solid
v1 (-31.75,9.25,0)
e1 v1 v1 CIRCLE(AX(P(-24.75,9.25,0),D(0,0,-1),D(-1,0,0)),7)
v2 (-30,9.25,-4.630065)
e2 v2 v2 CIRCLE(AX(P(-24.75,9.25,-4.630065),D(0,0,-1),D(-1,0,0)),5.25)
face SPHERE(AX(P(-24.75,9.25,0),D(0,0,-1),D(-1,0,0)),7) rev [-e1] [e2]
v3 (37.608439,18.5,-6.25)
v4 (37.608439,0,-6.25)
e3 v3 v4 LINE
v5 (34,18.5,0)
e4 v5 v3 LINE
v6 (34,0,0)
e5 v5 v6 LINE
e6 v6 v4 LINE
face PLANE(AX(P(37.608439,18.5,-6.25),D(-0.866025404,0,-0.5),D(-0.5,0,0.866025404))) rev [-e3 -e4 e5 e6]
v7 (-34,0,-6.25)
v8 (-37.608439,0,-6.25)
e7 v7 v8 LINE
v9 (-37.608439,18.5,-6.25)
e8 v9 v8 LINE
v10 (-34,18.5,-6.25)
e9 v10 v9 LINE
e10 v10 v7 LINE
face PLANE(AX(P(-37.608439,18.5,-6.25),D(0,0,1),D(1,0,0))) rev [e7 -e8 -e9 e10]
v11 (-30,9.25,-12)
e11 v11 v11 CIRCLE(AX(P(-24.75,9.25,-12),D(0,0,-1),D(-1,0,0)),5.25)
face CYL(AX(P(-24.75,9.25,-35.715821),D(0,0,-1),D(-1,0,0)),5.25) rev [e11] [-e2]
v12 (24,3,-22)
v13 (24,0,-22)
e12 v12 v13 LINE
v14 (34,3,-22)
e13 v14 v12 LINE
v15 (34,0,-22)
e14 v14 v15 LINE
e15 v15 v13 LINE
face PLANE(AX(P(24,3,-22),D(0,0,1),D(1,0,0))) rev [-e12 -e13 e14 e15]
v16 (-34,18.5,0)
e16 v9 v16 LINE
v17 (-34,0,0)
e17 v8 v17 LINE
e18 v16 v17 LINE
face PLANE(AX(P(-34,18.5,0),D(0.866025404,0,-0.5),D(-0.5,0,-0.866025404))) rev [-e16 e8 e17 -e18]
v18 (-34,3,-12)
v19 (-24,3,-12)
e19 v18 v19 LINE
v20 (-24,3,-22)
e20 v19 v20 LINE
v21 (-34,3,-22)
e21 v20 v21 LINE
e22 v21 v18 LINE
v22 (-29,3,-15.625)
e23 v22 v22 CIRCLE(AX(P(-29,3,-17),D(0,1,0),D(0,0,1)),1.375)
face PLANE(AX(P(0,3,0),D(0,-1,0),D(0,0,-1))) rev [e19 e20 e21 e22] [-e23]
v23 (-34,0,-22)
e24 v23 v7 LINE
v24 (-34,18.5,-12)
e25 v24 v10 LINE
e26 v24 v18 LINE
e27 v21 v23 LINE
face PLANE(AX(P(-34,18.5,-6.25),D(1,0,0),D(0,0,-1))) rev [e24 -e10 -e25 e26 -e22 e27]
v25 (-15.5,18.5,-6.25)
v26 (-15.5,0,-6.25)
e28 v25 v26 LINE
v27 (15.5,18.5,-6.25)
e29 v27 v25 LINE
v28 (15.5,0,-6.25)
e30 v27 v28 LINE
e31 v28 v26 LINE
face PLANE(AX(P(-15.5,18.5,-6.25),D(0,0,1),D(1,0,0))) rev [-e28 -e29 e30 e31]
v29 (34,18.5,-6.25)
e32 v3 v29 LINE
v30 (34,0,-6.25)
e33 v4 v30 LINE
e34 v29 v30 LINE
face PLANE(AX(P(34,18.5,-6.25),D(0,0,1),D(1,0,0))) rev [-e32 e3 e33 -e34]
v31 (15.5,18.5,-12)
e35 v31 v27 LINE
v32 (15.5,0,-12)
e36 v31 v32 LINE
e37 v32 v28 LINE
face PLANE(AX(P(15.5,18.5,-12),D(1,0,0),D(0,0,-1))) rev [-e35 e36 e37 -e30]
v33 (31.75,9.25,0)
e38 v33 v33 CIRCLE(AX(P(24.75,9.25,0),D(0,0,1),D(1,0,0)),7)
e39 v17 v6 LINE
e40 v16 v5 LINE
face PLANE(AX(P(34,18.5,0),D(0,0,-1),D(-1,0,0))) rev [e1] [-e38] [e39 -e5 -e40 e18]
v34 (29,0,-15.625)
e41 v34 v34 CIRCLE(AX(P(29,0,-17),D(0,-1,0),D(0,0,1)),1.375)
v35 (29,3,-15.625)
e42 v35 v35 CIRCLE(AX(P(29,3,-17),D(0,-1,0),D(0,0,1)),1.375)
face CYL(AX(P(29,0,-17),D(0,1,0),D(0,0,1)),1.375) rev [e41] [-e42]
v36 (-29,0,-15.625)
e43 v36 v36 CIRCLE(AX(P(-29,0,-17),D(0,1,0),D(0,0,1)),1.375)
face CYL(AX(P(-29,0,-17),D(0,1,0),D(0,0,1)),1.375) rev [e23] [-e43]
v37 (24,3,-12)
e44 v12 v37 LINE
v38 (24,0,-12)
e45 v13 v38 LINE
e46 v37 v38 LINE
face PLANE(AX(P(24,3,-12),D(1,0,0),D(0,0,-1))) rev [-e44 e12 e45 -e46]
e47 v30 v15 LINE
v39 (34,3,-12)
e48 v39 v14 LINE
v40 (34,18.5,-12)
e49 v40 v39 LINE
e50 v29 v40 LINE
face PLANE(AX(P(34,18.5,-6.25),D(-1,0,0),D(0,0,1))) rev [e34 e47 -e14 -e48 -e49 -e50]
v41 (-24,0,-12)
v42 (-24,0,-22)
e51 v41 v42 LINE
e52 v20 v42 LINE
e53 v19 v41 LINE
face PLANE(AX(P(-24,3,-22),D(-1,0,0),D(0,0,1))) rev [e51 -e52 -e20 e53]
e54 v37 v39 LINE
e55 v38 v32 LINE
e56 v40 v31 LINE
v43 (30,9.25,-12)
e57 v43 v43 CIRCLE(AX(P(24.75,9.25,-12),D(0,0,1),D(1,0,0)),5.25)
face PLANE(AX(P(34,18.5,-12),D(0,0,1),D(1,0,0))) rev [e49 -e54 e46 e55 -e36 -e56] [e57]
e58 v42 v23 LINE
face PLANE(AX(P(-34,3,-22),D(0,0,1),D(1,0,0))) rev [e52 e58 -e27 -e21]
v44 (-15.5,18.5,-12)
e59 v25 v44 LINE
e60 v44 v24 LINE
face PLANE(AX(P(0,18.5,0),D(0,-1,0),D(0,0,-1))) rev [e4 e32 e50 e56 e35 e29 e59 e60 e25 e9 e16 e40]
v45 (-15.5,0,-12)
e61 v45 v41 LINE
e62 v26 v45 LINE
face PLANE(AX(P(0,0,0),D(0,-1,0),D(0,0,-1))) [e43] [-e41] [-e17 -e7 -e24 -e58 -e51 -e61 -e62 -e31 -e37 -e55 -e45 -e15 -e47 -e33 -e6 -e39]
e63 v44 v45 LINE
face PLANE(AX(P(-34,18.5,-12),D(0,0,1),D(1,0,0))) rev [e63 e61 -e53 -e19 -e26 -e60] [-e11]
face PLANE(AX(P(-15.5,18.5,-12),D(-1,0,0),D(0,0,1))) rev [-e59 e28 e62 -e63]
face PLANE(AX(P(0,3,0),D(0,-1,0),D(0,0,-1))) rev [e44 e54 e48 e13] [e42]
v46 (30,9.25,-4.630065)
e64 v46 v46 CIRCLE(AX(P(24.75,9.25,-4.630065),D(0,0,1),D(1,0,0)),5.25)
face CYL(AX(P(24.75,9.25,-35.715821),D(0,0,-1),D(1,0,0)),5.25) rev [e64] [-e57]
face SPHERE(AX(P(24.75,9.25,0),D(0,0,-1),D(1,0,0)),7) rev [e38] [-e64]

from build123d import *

# Parameters (mm, degrees)
BOSS_EXTRUDE1_DEPTH = 18.5
SKETCH3_W           = 10
SKETCH3_H           = 10
BOSS_EXTRUDE2_DEPTH = 3
SKETCH5_R           = 1.375
CUT_EXTRUDE1_DEPTH  = 3


with BuildPart() as part:
    # Sketch1 → Boss-Extrude1 (new body)
    with BuildSketch(Plane(origin=(0, 0, 0), x_dir=(1, 0, 0), z_dir=(0, 1, 0))):
        Polygon((-34, 0), (-37.608439182, 6.25), (-34, 6.25), (-34, 12), (-15.5, 12), (-15.5, 6.25), (15.5, 6.25), (15.5, 12), (34, 12), (34, 6.25), (37.608439182, 6.25), (34, 0), align=None)
    extrude(amount=BOSS_EXTRUDE1_DEPTH)

    # Sketch2 → Cut-Revolve1 (revolve, cut)
    with BuildSketch(Plane(origin=(0, 9.25, 0), x_dir=(1, 0, 0), z_dir=(0, 1, 0))):
        with BuildLine():
            Line((-24.75, 12), (-24.75, 0))
            Line((-24.75, 0), (-31.75, 0))
            ThreePointArc((-31.75, 0), (-31.297900427, 2.474873734), (-30, 4.630064794))
            Line((-30, 4.630064794), (-30, 12))
            Line((-30, 12), (-24.75, 12))
        make_face()
    cut_revolve1 = revolve(axis=Axis((-24.75, 9.25, -35.715820775), (0, 0, 1)), mode=Mode.SUBTRACT)

    # Mirror1: Cut-Revolve1 across plane
    add(cut_revolve1.mirror(Plane(origin=(0, 0, 0), x_dir=(0, 0, 1), z_dir=(1, 0, 0))), mode=Mode.SUBTRACT)

    # Sketch3 → Boss-Extrude2 (add)
    with BuildSketch(Plane(origin=(0, 0, 0), x_dir=(1, 0, 0), z_dir=(0, 1, 0))):
        with Locations((-29, 17)):
            Rectangle(SKETCH3_W, SKETCH3_H)
        with Locations((29, 17)):
            Rectangle(SKETCH3_W, SKETCH3_H)
    extrude(amount=BOSS_EXTRUDE2_DEPTH)

    # Sketch5 → Cut-Extrude1 (cut)
    with BuildSketch(Plane(origin=(0, 3, 0), x_dir=(1, 0, 0), z_dir=(0, 1, 0))):
        with Locations((-29, 17)):
            Circle(SKETCH5_R)
    cut_extrude1 = extrude(amount=-CUT_EXTRUDE1_DEPTH, mode=Mode.SUBTRACT)

    # Mirror2: Cut-Extrude1 across plane
    add(cut_extrude1.mirror(Plane(origin=(0, 0, 0), x_dir=(0, 0, 1), z_dir=(1, 0, 0))), mode=Mode.SUBTRACT)


solid = part.part
